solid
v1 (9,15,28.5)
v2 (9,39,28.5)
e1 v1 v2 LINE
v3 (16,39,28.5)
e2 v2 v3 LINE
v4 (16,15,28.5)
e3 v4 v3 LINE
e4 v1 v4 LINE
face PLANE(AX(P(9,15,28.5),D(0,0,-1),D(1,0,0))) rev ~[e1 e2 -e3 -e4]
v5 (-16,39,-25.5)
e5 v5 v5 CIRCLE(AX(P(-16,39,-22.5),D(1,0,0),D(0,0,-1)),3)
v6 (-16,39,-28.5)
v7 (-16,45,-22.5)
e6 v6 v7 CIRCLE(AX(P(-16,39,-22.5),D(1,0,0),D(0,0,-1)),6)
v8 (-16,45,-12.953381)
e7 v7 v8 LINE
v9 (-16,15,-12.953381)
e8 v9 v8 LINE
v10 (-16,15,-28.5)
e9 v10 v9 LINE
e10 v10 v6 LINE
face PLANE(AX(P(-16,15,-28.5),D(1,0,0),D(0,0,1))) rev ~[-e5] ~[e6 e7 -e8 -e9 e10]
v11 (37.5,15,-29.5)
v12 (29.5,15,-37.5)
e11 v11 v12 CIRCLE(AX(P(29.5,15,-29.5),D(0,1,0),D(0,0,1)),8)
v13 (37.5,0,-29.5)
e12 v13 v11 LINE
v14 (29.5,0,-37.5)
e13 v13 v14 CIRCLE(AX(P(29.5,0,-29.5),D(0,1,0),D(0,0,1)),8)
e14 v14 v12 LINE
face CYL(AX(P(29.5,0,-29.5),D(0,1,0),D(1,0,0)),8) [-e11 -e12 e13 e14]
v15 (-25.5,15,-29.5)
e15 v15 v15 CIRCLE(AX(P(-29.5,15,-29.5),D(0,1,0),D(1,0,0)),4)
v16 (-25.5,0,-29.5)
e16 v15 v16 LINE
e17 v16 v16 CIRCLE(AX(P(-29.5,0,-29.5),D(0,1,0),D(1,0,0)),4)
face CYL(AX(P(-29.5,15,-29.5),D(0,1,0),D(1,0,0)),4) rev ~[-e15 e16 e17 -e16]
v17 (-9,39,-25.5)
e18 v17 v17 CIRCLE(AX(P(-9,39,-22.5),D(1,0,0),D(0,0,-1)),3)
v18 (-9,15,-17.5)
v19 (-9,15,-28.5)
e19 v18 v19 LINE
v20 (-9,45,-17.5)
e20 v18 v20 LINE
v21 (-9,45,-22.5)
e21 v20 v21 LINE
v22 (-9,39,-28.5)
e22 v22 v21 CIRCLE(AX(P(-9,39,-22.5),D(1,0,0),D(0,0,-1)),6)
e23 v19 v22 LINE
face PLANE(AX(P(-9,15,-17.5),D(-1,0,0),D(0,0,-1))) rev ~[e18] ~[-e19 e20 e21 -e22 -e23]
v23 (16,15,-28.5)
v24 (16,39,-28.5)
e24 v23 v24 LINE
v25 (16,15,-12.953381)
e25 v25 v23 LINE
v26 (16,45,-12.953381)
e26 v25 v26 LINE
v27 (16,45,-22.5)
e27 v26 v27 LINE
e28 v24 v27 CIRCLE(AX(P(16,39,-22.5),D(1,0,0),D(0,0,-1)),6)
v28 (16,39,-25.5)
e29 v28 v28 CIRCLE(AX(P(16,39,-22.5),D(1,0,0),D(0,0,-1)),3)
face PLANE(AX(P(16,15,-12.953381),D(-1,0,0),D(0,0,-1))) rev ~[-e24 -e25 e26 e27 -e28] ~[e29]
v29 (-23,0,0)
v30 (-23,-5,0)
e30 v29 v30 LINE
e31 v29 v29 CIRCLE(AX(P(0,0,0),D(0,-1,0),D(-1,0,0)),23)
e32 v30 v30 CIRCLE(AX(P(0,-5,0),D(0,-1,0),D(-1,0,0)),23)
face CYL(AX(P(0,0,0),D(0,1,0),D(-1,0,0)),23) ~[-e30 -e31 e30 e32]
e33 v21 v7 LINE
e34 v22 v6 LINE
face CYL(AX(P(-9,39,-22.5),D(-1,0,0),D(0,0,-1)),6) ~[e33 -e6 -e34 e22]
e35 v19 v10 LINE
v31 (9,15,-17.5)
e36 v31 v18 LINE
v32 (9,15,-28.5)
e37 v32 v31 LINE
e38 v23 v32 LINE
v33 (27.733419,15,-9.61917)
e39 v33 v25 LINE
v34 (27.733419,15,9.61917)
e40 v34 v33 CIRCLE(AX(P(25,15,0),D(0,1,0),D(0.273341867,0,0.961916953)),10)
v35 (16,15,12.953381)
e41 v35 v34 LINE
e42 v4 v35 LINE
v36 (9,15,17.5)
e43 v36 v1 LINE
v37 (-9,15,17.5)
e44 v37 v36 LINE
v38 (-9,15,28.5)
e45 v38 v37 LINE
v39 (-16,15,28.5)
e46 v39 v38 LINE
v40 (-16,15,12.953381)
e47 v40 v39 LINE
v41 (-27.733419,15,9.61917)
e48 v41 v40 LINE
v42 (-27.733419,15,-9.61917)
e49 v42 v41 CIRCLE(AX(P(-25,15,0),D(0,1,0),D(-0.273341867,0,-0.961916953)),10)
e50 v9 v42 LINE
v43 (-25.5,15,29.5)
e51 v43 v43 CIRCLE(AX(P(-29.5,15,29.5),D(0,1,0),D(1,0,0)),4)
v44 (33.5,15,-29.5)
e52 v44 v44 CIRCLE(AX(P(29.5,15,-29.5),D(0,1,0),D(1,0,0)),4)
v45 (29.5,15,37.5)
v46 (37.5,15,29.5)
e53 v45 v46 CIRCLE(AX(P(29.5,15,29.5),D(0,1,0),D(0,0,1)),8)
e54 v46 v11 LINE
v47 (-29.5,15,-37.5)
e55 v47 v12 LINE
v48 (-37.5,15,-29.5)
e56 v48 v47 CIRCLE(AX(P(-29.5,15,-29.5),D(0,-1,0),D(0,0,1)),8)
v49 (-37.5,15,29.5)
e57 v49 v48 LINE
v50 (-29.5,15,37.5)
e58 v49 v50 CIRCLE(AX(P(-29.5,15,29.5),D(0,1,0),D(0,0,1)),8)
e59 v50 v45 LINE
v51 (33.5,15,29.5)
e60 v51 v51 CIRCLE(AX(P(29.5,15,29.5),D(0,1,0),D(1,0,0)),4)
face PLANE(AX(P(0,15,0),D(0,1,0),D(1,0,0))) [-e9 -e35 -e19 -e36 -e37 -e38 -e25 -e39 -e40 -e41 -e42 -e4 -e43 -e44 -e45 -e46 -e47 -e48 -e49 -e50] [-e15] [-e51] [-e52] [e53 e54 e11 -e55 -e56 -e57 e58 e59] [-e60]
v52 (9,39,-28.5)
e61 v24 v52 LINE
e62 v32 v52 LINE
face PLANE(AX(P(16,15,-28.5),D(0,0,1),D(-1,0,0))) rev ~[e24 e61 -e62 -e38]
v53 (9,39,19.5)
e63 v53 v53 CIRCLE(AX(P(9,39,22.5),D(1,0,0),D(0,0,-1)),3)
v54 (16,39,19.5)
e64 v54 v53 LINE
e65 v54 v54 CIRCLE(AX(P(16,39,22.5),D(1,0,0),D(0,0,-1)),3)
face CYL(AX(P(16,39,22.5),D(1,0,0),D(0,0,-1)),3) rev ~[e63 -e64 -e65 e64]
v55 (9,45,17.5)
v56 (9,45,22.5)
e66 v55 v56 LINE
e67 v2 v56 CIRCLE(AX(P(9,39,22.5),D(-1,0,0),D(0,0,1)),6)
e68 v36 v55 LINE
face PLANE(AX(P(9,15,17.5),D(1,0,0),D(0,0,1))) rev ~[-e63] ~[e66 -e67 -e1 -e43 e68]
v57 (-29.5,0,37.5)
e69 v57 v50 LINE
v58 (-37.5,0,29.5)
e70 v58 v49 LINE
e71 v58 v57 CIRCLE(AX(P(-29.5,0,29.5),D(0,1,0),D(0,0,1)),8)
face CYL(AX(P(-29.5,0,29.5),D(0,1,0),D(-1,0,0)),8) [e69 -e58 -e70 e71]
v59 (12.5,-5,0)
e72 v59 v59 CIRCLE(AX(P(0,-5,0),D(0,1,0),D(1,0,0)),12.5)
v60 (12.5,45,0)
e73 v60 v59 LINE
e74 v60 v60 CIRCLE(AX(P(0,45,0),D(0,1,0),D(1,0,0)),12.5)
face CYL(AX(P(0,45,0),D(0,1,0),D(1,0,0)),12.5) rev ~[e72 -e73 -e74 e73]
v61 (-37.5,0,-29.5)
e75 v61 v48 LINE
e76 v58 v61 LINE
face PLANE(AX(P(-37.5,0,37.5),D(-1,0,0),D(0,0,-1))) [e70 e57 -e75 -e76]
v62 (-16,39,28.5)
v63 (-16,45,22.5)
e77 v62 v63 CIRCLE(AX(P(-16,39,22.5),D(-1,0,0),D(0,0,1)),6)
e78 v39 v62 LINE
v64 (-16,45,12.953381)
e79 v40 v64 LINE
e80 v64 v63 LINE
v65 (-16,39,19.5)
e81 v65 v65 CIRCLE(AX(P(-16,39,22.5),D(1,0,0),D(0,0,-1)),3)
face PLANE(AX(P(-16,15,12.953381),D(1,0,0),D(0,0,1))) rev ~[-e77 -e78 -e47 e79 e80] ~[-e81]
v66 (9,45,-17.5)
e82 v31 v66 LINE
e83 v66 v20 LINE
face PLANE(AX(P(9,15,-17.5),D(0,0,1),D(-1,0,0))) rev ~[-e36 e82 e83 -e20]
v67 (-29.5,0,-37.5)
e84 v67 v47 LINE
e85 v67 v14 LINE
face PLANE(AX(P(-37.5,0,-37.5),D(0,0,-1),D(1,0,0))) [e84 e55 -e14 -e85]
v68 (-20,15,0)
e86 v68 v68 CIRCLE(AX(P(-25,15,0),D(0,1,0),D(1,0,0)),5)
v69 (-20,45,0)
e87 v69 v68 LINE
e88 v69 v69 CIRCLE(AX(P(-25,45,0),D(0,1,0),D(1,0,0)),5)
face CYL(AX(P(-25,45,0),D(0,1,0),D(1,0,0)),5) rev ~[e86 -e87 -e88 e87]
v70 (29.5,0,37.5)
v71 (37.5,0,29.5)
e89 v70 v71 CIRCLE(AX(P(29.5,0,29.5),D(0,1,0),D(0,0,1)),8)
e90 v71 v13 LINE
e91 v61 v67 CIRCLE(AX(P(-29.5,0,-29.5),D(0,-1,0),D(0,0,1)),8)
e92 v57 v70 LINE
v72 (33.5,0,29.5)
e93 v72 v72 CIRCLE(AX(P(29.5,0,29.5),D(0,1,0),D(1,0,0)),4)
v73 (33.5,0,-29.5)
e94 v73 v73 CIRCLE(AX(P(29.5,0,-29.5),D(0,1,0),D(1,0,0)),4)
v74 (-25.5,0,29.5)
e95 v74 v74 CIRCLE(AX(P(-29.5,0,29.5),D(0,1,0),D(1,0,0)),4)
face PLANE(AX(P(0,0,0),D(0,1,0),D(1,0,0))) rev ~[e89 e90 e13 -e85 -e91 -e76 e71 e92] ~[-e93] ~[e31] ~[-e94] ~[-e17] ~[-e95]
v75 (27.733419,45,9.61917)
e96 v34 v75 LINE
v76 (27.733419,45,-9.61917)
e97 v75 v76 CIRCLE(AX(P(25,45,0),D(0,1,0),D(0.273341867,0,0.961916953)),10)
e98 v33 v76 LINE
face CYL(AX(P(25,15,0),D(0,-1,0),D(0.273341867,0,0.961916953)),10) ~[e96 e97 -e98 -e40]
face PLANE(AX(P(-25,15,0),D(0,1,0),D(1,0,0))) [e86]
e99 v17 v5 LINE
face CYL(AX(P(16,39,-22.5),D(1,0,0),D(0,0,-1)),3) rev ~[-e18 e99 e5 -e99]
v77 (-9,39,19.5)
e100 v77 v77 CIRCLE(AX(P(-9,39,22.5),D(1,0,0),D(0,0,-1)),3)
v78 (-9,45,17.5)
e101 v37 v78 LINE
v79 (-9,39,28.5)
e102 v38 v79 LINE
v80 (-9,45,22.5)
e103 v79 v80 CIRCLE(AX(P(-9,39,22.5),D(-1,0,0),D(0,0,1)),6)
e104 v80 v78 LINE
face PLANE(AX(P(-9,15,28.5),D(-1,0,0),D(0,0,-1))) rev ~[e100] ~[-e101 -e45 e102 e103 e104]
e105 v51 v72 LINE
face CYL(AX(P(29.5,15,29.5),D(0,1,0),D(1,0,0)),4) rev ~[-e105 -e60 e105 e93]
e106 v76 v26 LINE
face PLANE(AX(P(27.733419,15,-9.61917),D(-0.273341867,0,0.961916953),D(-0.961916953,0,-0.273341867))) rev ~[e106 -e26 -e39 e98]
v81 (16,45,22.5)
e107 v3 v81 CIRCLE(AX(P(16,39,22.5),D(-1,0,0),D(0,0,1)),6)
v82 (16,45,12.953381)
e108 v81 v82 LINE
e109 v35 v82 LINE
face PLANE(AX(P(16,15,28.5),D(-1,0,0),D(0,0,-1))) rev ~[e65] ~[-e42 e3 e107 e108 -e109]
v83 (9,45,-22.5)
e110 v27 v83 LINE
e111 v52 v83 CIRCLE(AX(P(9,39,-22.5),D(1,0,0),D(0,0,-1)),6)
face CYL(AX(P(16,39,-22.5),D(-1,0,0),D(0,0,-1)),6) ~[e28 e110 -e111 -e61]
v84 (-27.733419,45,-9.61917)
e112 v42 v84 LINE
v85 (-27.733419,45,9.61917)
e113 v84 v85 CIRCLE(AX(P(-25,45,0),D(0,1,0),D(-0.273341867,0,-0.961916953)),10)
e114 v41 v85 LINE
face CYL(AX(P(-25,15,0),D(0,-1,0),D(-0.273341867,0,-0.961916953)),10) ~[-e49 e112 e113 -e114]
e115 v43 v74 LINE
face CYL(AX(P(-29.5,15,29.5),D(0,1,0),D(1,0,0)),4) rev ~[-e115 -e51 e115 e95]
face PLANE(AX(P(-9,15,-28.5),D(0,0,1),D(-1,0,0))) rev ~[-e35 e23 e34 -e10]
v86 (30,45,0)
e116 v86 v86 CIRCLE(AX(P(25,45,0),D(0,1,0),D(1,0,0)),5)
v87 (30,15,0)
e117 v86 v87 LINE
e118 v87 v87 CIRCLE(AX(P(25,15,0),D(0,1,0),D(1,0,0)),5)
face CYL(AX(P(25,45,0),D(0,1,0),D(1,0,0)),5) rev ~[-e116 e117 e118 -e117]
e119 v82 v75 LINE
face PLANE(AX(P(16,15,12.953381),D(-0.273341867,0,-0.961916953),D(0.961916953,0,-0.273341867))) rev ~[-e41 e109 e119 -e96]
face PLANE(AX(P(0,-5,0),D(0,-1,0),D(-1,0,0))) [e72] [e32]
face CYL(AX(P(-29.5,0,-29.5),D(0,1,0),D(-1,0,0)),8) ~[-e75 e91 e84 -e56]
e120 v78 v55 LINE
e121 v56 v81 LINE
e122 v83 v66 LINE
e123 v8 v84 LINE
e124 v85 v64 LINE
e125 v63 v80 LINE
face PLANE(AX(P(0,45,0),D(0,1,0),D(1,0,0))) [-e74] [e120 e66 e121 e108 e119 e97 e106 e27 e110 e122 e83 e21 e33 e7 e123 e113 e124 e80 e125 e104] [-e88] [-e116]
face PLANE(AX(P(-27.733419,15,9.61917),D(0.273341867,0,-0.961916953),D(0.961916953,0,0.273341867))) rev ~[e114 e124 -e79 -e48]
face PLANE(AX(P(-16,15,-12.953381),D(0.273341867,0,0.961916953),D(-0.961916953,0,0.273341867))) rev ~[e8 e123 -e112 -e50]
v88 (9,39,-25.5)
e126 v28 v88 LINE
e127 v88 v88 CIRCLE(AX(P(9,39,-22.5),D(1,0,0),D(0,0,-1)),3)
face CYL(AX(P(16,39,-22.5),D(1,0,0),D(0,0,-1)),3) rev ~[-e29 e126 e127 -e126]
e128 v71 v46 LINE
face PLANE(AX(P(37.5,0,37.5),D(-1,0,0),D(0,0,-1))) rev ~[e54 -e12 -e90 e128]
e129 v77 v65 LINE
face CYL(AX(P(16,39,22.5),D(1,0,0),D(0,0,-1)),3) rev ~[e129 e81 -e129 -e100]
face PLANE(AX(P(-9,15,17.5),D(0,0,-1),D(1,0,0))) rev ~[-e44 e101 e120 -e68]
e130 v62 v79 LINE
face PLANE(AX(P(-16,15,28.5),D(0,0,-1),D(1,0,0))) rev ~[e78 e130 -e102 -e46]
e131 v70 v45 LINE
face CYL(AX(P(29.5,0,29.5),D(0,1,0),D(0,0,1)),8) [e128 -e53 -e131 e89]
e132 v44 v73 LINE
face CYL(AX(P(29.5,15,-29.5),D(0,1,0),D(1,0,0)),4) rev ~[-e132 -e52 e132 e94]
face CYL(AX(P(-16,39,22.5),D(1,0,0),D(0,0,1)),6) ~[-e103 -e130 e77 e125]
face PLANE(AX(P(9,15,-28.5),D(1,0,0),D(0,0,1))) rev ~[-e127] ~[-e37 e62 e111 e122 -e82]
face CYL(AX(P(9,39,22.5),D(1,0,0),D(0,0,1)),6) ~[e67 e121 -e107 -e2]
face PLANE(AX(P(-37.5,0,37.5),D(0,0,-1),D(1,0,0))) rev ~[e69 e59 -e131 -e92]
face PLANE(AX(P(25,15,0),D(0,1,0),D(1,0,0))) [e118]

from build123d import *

# Parameters (mm, degrees)
CROQUIS1_W              = 75
CROQUIS1_H              = 75
SALIENTE_EXTRUIR1_DEPTH = 15
REDONDEO1_R             = 8
CROQUIS2_R              = 4
CORTAR_EXTRUIR1_DEPTH   = 15
SALIENTE_EXTRUIR2_DEPTH = 30
REDONDEO2_R             = 6
CROQUIS5_R              = 3
CORTAR_EXTRUIR2_DEPTH   = 54.5
CROQUIS6_R              = 5
CORTAR_EXTRUIR4_DEPTH   = 30
CROQUIS4_R              = 23
SALIENTE_EXTRUIR4_DEPTH = 5
CROQUIS8_R              = 12.5
CORTAR_EXTRUIR6_DEPTH   = 51


with BuildPart() as part:
    # Croquis1 → Saliente-Extruir1 (new body)
    with BuildSketch(Plane(origin=(0, 0, 0), x_dir=(1, 0, 0), z_dir=(0, 1, 0))):
        Rectangle(CROQUIS1_W, CROQUIS1_H)
    extrude(amount=SALIENTE_EXTRUIR1_DEPTH)

    # Redondeo1
    redondeo1_edges = [part.edges().sort_by_distance(p)[0] for p in [
        (37.5, 7.5, 37.5),
        (-37.5, 7.5, 37.5),
        (-37.5, 7.5, -37.5),
        (37.5, 7.5, -37.5),
    ]]
    fillet(redondeo1_edges, radius=REDONDEO1_R)

    # Croquis2 → Cortar-Extruir1 (cut)
    with BuildSketch(Plane(origin=(0, 15, 0), x_dir=(1, 0, 0), z_dir=(0, 1, 0))):
        with Locations((-29.5, 29.5)):
            Circle(CROQUIS2_R)
        with Locations((-29.5, -29.5)):
            Circle(CROQUIS2_R)
        with Locations((29.5, 29.5)):
            Circle(CROQUIS2_R)
        with Locations((29.5, -29.5)):
            Circle(CROQUIS2_R)
    extrude(amount=-CORTAR_EXTRUIR1_DEPTH, mode=Mode.SUBTRACT)

    # Croquis3 → Saliente-Extruir2 (add)
    with BuildSketch(Plane(origin=(0, 15, 0), x_dir=(1, 0, 0), z_dir=(0, 1, 0))):
        with BuildLine():
            Line((-16, -28.5), (-9, -28.5))
            Line((-9, -28.5), (-9, -17.5))
            Line((-9, -17.5), (9, -17.5))
            Line((9, -17.5), (9, -28.5))
            Line((9, -28.5), (16, -28.5))
            Line((16, -28.5), (16, -12.953381025))
            Line((16, -12.953381025), (27.733418669, -9.619169527))
            ThreePointArc((27.733418669, -9.619169527), (35, 0), (27.733418669, 9.619169527))
            Line((27.733418669, 9.619169527), (16, 12.953381025))
            Line((16, 12.953381025), (16, 28.5))
            Line((16, 28.5), (9, 28.5))
            Line((9, 28.5), (9, 17.5))
            Line((9, 17.5), (-9, 17.5))
            Line((-9, 17.5), (-9, 28.5))
            Line((-9, 28.5), (-16, 28.5))
            Line((-16, 28.5), (-16, 12.953381025))
            Line((-16, 12.953381025), (-27.733418669, 9.619169527))
            ThreePointArc((-27.733418669, 9.619169527), (-35, 0), (-27.733418669, -9.619169527))
            Line((-27.733418669, -9.619169527), (-16, -12.953381025))
            Line((-16, -12.953381025), (-16, -28.5))
        make_face()
    extrude(amount=SALIENTE_EXTRUIR2_DEPTH)

    # Redondeo2
    redondeo2_edges = [part.edges().sort_by_distance(p)[0] for p in [
        (-12.5, 45, 28.5),
        (12.5, 45, 28.5),
        (12.5, 45, -28.5),
        (-12.5, 45, -28.5),
    ]]
    fillet(redondeo2_edges, radius=REDONDEO2_R)

    # Croquis5 → Cortar-Extruir2 (cut, through all)
    with BuildSketch(Plane(origin=(16, 0, 0), x_dir=(0, 0, -1), z_dir=(1, 0, 0))):
        with Locations((-22.5, 39)):
            Circle(CROQUIS5_R)
        with Locations((22.5, 39)):
            Circle(CROQUIS5_R)
    extrude(amount=-CORTAR_EXTRUIR2_DEPTH, mode=Mode.SUBTRACT)

    # Croquis6 → Cortar-Extruir4 (cut)
    with BuildSketch(Plane(origin=(0, 45, 0), x_dir=(1, 0, 0), z_dir=(0, 1, 0))):
        with Locations((-25, 0)):
            Circle(CROQUIS6_R)
        with Locations((25, 0)):
            Circle(CROQUIS6_R)
    extrude(amount=-CORTAR_EXTRUIR4_DEPTH, mode=Mode.SUBTRACT)

    # Croquis4 → Saliente-Extruir4 (add)
    with BuildSketch(Plane(origin=(0, 0, 0), x_dir=(-1, 0, 0), z_dir=(0, -1, 0))):
        Circle(CROQUIS4_R)
    extrude(amount=SALIENTE_EXTRUIR4_DEPTH)

    # Croquis8 → Cortar-Extruir6 (cut, through all)
    with BuildSketch(Plane(origin=(0, 45, 0), x_dir=(1, 0, 0), z_dir=(0, 1, 0))):
        Circle(CROQUIS8_R)
    extrude(amount=-CORTAR_EXTRUIR6_DEPTH, mode=Mode.SUBTRACT)


solid = part.part
